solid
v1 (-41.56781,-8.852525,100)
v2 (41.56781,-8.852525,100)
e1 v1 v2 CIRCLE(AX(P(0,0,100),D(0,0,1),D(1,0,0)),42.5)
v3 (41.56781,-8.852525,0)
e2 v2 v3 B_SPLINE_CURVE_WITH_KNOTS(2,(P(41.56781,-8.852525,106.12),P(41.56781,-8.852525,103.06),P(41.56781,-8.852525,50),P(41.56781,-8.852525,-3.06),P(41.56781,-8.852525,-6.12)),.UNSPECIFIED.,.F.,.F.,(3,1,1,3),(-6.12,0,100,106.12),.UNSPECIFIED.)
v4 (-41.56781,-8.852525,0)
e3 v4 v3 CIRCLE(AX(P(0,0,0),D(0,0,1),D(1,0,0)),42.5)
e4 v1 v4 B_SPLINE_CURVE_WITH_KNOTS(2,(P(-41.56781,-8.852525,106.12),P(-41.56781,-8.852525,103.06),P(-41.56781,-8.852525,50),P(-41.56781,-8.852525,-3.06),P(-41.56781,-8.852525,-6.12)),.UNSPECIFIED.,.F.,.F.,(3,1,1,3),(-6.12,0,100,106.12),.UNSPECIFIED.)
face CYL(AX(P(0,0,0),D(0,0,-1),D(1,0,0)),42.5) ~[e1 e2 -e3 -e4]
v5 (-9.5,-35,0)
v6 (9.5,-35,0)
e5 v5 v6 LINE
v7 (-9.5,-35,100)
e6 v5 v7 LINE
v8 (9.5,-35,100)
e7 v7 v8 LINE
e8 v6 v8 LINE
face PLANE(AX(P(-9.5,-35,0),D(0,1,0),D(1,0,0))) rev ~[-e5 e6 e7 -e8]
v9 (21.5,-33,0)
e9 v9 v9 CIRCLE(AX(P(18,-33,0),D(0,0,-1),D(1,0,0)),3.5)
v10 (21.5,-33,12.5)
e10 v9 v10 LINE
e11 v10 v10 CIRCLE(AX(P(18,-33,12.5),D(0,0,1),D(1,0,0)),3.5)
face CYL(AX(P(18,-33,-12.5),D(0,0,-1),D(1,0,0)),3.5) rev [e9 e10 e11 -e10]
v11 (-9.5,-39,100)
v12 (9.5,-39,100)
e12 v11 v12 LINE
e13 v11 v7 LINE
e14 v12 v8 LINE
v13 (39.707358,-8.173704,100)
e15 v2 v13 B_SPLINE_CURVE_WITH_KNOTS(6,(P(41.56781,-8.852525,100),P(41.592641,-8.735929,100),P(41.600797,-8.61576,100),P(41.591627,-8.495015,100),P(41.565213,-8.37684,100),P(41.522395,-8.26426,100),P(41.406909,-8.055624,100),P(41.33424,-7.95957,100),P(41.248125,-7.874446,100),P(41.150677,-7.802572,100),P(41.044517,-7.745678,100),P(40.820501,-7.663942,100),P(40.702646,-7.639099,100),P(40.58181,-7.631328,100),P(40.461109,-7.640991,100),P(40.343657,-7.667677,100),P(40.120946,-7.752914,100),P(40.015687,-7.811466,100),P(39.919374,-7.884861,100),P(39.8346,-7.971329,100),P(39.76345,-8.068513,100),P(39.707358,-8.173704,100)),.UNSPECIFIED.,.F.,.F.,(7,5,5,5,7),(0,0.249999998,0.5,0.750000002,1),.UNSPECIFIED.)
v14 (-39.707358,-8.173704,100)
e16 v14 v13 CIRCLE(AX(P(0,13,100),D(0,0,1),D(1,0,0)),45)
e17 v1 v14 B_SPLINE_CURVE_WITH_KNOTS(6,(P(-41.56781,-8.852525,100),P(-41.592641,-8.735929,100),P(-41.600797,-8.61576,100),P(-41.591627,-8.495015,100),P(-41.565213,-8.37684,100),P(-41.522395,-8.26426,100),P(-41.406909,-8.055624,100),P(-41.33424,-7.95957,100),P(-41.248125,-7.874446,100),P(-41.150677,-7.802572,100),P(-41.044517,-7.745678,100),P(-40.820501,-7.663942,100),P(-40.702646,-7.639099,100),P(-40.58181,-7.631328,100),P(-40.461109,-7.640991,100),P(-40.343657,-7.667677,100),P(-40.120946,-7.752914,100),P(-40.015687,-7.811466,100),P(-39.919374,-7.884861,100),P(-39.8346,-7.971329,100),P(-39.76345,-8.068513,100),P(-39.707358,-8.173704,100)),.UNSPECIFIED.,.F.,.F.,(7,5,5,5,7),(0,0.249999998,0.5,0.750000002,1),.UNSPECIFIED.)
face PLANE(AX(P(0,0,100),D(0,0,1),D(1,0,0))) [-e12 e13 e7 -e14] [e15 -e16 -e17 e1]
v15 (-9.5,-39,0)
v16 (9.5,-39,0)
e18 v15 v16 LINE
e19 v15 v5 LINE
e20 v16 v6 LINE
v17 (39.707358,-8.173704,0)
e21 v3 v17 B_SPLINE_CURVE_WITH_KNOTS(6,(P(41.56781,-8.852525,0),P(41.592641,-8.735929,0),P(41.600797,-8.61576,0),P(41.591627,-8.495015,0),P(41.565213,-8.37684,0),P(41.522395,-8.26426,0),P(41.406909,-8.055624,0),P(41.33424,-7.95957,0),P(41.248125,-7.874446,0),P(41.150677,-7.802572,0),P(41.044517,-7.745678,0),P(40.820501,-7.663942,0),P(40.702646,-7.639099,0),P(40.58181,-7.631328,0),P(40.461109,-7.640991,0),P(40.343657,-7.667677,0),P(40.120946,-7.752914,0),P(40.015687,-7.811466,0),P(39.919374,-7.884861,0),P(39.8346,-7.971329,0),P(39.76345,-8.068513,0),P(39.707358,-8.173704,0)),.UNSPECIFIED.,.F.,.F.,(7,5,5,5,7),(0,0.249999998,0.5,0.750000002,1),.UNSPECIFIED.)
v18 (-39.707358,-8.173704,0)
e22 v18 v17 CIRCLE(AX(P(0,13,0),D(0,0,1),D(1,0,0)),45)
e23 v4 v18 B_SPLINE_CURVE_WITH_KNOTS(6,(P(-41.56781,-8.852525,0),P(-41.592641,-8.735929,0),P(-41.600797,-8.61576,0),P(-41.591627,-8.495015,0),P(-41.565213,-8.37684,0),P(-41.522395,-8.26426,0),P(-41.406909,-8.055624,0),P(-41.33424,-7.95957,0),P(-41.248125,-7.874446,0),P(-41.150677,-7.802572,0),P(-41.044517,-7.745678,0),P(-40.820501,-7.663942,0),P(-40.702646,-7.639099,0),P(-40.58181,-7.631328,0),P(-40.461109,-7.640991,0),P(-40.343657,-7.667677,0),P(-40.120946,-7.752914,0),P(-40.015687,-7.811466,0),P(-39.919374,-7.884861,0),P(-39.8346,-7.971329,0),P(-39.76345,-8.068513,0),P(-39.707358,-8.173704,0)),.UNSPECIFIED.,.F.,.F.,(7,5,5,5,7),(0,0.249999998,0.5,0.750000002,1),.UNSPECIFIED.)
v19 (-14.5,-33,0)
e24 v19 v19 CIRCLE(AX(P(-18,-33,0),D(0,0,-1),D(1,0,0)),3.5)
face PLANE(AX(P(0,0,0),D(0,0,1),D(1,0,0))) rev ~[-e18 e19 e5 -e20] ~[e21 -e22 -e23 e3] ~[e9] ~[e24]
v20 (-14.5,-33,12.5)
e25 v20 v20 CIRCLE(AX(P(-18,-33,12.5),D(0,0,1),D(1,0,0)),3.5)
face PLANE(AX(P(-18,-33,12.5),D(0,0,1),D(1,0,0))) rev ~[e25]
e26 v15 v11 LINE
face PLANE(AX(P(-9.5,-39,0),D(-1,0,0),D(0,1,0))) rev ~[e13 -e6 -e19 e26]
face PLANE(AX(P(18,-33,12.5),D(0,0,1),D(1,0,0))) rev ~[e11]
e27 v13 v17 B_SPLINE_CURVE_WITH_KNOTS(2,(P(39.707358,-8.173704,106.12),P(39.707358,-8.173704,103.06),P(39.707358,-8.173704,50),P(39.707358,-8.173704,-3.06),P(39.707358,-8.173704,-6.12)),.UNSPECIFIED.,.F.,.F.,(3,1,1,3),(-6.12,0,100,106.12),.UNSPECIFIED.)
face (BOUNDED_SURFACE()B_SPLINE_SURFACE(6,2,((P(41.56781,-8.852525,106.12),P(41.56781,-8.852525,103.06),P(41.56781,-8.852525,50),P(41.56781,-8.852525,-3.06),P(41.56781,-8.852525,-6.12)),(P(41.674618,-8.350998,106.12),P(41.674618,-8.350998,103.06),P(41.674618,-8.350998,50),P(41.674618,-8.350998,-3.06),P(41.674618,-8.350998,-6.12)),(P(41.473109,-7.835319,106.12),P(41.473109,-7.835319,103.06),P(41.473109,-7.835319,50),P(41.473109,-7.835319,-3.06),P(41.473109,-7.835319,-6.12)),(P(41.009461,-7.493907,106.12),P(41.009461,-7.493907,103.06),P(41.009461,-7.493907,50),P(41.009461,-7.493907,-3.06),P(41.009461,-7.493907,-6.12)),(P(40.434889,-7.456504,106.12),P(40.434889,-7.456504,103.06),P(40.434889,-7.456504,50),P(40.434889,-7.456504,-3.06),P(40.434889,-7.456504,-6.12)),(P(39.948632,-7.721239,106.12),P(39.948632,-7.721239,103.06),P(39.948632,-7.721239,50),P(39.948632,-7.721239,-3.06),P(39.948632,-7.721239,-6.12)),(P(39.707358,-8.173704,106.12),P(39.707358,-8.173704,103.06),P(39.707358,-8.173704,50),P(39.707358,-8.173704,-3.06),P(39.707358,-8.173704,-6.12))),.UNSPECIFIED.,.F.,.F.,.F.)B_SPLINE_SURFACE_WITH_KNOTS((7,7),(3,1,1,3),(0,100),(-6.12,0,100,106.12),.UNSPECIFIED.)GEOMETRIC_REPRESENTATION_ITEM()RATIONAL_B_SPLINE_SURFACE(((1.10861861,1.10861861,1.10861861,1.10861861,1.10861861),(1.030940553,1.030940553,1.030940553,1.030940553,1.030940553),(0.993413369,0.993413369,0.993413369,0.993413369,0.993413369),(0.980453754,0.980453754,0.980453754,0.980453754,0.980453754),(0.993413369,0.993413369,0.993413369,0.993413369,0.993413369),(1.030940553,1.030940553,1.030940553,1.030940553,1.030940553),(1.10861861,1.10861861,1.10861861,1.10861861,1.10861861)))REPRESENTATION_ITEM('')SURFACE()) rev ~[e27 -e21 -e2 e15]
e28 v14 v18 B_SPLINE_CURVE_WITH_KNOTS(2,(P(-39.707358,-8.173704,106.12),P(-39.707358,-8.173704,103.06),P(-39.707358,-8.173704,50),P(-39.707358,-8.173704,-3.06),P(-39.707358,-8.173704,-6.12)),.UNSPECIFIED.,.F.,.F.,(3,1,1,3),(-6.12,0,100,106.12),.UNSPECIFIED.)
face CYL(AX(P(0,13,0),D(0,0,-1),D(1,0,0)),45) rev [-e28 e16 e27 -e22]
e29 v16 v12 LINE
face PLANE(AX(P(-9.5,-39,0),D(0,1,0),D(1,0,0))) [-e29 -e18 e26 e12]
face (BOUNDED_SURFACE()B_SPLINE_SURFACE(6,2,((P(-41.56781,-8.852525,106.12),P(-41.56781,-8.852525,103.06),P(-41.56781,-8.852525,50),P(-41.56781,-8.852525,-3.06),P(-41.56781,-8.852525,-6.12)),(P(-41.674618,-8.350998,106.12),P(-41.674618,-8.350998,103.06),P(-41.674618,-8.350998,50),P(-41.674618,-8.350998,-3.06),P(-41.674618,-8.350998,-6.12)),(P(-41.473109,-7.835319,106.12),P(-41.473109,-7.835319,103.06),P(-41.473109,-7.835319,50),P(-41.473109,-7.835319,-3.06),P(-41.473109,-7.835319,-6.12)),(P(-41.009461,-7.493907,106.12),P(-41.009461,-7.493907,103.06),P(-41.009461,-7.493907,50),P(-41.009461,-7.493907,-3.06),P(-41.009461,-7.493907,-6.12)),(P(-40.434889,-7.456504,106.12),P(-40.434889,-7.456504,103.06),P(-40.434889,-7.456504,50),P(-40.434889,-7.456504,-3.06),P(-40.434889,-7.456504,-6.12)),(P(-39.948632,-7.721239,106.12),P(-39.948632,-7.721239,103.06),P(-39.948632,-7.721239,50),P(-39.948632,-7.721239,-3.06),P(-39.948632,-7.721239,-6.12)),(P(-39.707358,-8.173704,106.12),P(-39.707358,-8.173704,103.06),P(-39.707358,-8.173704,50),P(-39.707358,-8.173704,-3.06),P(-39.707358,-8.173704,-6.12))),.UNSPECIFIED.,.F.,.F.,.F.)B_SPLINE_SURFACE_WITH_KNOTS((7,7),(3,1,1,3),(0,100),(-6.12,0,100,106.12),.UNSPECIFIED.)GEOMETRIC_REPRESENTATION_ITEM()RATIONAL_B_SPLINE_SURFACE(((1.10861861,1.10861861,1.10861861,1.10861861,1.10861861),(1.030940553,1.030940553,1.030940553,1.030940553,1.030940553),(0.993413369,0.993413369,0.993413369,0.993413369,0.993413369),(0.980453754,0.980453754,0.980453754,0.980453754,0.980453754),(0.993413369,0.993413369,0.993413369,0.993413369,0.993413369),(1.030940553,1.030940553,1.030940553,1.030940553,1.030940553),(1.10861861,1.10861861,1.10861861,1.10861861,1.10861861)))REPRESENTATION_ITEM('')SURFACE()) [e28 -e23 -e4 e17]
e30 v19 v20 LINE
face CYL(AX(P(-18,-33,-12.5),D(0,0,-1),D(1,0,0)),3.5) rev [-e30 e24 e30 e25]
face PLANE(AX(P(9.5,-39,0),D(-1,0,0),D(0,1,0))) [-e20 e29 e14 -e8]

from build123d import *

# Parameters (mm, degrees)
CYLINDER010_R     = 3.5
CYLINDER010_DEPTH = 25
CYLINDER006_R     = 3.5
CYLINDER006_DEPTH = 25
BOX_W             = 19
BOX_H             = 4
BOX_DEPTH         = 100
CYLINDER001_R     = 45
CYLINDER001_DEPTH = 100
CYLINDER_R        = 42.5
CYLINDER_DEPTH    = 100
FILLET_R          = 1
FILLET001_R       = 1


with BuildPart() as cylindre010:
    # Cylinder010 → Cylinder010 (new body)
    with BuildSketch(Plane(origin=(18, -33, -12.5), x_dir=(1, 0, 0), z_dir=(0, 0, 1))):
        Circle(CYLINDER010_R)
    extrude(amount=CYLINDER010_DEPTH)


with BuildPart() as cylindre006:
    # Cylinder006 → Cylinder006 (new body)
    with BuildSketch(Plane(origin=(-18, -33, -12.5), x_dir=(1, 0, 0), z_dir=(0, 0, 1))):
        Circle(CYLINDER006_R)
    extrude(amount=CYLINDER006_DEPTH)


with BuildPart() as cube:
    # Box → Box (new body)
    with BuildSketch(Plane(origin=(-9.5, -39, 0), x_dir=(1, 0, 0), z_dir=(0, 0, 1))):
        with Locations((9.5, 2)):
            Rectangle(BOX_W, BOX_H)
    extrude(amount=BOX_DEPTH)


with BuildPart() as cylindre001:
    # Cylinder001 → Cylinder001 (new body)
    with BuildSketch(Plane(origin=(0, 13, 0), x_dir=(1, 0, 0), z_dir=(0, 0, 1))):
        Circle(CYLINDER001_R)
    extrude(amount=CYLINDER001_DEPTH)


with BuildPart() as cut009:
    # Cylinder → Cylinder (new body)
    with BuildSketch(Plane.XY):
        Circle(CYLINDER_R)
    extrude(amount=CYLINDER_DEPTH)

    # Cut: cut Cylindre001
    add(cylindre001.part, mode=Mode.SUBTRACT)

    # Fillet
    fillet_edges = [cut009.edges().sort_by_distance(p)[0] for p in [
        (-42.456904, -1.913462, 50),
    ]]
    fillet(fillet_edges, radius=FILLET_R)

    # Fillet001
    fillet001_edges = [cut009.edges().sort_by_distance(p)[0] for p in [
        (42.456904, -1.913462, 50),
    ]]
    fillet(fillet001_edges, radius=FILLET001_R)

    # Cut001: cut Cube
    add(cube.part, mode=Mode.SUBTRACT)

    # Cut006: cut Cylindre006
    add(cylindre006.part, mode=Mode.SUBTRACT)

    # Cut009: cut Cylindre010
    add(cylindre010.part, mode=Mode.SUBTRACT)


solid = cut009.part
